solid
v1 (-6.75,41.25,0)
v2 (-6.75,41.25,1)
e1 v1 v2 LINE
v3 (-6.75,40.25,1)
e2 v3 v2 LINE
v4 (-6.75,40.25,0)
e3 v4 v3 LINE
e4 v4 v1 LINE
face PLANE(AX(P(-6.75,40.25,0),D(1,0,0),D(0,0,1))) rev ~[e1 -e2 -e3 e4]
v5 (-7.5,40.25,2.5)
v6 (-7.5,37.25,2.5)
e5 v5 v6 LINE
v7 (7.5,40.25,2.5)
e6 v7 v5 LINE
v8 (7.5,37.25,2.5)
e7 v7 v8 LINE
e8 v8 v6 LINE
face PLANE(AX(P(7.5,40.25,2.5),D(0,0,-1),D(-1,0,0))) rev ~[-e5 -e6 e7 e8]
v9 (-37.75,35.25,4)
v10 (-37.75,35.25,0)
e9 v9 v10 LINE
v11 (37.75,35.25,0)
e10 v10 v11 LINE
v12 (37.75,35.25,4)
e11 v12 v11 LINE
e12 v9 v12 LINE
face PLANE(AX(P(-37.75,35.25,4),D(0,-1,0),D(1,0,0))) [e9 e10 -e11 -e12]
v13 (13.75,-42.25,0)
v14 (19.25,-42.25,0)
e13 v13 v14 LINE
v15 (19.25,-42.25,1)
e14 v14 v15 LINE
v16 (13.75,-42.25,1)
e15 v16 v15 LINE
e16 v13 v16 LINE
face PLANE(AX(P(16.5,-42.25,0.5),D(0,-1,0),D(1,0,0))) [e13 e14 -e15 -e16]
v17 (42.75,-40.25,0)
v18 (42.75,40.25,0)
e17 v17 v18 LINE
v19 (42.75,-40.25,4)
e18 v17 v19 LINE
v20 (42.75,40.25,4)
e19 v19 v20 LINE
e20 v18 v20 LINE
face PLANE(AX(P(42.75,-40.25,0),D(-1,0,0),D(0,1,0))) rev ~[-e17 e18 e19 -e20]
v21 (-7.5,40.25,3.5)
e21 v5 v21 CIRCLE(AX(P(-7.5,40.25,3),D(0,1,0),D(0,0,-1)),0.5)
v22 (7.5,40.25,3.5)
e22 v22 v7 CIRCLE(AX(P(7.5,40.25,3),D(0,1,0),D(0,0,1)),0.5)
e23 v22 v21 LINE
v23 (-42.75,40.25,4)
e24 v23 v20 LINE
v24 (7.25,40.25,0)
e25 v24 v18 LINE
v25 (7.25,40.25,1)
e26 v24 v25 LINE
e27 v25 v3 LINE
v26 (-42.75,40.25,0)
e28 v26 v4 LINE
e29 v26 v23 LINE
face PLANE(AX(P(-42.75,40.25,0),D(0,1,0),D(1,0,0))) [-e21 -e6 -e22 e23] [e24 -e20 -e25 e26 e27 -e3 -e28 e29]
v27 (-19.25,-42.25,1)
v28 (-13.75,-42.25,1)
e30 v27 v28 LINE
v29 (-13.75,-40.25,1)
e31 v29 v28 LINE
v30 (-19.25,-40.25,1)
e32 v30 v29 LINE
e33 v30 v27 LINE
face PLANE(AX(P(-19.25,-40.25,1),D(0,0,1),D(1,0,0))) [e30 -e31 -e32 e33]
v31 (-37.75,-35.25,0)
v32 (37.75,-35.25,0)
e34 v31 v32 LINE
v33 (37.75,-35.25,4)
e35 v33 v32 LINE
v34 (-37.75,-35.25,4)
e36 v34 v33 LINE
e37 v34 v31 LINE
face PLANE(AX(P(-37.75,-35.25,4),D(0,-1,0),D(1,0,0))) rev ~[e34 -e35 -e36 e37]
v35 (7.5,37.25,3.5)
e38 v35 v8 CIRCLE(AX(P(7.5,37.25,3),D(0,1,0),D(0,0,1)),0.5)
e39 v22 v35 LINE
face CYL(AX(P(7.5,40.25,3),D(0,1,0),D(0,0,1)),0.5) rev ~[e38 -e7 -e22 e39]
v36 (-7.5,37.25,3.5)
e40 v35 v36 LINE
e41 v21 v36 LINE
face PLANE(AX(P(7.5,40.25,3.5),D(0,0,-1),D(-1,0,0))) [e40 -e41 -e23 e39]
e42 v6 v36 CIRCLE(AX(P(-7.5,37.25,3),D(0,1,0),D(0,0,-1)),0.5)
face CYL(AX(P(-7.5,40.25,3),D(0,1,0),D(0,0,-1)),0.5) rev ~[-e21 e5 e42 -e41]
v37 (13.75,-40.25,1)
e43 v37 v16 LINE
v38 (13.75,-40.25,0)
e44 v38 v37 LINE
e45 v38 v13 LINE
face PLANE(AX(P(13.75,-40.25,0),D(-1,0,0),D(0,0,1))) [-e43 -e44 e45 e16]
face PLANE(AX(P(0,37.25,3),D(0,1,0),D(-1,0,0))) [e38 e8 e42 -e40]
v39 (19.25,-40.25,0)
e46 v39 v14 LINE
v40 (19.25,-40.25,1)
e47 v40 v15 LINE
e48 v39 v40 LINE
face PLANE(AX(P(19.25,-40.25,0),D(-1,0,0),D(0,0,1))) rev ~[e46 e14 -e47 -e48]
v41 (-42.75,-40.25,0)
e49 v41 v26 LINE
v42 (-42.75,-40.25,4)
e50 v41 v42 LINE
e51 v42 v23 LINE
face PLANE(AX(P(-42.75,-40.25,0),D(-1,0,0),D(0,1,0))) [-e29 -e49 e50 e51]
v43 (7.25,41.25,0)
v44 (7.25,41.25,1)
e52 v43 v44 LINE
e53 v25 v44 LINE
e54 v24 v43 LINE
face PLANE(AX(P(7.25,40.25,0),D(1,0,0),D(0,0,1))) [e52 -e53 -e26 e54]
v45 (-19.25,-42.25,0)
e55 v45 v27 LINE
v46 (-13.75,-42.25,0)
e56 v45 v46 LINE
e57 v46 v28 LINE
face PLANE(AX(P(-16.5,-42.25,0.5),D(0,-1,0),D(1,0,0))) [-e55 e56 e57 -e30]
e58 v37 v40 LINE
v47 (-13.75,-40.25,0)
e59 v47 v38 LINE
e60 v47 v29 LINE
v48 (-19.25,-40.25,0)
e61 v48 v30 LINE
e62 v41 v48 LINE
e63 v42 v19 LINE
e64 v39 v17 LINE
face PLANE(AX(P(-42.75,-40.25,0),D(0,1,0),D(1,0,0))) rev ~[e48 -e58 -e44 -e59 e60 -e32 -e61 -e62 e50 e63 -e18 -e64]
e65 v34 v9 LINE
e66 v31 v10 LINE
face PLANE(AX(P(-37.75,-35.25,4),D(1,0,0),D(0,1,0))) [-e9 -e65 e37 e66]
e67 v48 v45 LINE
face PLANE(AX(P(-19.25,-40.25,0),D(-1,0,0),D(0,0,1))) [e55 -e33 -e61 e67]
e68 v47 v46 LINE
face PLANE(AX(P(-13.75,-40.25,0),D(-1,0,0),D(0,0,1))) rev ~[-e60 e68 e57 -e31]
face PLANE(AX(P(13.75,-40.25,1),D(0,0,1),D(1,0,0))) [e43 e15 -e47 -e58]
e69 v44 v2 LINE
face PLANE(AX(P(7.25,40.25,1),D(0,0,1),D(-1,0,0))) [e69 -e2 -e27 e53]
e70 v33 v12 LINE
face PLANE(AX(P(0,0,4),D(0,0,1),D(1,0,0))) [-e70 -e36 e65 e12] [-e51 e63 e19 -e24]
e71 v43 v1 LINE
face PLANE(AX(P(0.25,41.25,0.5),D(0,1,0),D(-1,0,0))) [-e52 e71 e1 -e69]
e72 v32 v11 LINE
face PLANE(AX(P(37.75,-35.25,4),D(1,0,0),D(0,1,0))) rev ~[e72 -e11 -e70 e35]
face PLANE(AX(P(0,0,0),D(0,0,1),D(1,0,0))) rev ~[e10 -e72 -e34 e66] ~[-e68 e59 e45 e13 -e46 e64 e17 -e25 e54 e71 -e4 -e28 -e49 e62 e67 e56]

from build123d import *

# Parameters (mm, degrees)
SKETCH006_W     = 85.5
SKETCH006_H     = 80.5
PAD_DEPTH       = 4
SKETCH007_W     = 75.5
SKETCH007_H     = 70.5
POCKET_DEPTH    = 4.001
SKETCH014_W     = 5.5
SKETCH014_H     = 1
PAD002_DEPTH    = 2
SKETCH016_W     = 14
SKETCH016_H     = 1
PAD003_DEPTH    = 1
POCKET001_DEPTH = 3


with BuildPart() as part:
    # Sketch006 → Pad (new body)
    with BuildSketch(Plane.XY):
        Rectangle(SKETCH006_W, SKETCH006_H)
    extrude(amount=PAD_DEPTH)

    # Sketch007 (on Face6 of Pad) → Pocket (cut, through all)
    with BuildSketch(Plane.XY.offset(4)):
        Rectangle(SKETCH007_W, SKETCH007_H)
    extrude(amount=-POCKET_DEPTH, mode=Mode.SUBTRACT)

    # Sketch014 (on Face6 of Pocket) → Pad002 (join)
    with BuildSketch(Plane.XZ.offset(40.25)):
        with Locations((-16.5, 0.5)):
            Rectangle(SKETCH014_W, SKETCH014_H)
        with Locations((16.5, 0.5)):
            Rectangle(SKETCH014_W, SKETCH014_H)
    extrude(amount=PAD002_DEPTH)

    # Sketch016 (on Face1 of Pad002) → Pad003 (join)
    with BuildSketch(Plane(origin=(0, 40.25, 0), x_dir=(-1, 0, 0), z_dir=(0, 1, 0))):
        with Locations((-0.25, 0.5)):
            Rectangle(SKETCH016_W, SKETCH016_H)
    extrude(amount=PAD003_DEPTH)

    # Sketch017 (on Face2 of Pad003) → Pocket001 (cut)
    with BuildSketch(Plane(origin=(0, 40.25, 0), x_dir=(-1, 0, 0), z_dir=(0, 1, 0))):
        with BuildLine():
            ThreePointArc((-7.5, 3.5), (-8, 3), (-7.5, 2.5))
            Line((-7.5, 2.5), (7.5, 2.5))
            ThreePointArc((7.5, 2.5), (8, 3), (7.5, 3.5))
            Line((-7.5, 3.5), (7.5, 3.5))
        make_face()
    extrude(amount=-POCKET001_DEPTH, mode=Mode.SUBTRACT)


solid = part.part
